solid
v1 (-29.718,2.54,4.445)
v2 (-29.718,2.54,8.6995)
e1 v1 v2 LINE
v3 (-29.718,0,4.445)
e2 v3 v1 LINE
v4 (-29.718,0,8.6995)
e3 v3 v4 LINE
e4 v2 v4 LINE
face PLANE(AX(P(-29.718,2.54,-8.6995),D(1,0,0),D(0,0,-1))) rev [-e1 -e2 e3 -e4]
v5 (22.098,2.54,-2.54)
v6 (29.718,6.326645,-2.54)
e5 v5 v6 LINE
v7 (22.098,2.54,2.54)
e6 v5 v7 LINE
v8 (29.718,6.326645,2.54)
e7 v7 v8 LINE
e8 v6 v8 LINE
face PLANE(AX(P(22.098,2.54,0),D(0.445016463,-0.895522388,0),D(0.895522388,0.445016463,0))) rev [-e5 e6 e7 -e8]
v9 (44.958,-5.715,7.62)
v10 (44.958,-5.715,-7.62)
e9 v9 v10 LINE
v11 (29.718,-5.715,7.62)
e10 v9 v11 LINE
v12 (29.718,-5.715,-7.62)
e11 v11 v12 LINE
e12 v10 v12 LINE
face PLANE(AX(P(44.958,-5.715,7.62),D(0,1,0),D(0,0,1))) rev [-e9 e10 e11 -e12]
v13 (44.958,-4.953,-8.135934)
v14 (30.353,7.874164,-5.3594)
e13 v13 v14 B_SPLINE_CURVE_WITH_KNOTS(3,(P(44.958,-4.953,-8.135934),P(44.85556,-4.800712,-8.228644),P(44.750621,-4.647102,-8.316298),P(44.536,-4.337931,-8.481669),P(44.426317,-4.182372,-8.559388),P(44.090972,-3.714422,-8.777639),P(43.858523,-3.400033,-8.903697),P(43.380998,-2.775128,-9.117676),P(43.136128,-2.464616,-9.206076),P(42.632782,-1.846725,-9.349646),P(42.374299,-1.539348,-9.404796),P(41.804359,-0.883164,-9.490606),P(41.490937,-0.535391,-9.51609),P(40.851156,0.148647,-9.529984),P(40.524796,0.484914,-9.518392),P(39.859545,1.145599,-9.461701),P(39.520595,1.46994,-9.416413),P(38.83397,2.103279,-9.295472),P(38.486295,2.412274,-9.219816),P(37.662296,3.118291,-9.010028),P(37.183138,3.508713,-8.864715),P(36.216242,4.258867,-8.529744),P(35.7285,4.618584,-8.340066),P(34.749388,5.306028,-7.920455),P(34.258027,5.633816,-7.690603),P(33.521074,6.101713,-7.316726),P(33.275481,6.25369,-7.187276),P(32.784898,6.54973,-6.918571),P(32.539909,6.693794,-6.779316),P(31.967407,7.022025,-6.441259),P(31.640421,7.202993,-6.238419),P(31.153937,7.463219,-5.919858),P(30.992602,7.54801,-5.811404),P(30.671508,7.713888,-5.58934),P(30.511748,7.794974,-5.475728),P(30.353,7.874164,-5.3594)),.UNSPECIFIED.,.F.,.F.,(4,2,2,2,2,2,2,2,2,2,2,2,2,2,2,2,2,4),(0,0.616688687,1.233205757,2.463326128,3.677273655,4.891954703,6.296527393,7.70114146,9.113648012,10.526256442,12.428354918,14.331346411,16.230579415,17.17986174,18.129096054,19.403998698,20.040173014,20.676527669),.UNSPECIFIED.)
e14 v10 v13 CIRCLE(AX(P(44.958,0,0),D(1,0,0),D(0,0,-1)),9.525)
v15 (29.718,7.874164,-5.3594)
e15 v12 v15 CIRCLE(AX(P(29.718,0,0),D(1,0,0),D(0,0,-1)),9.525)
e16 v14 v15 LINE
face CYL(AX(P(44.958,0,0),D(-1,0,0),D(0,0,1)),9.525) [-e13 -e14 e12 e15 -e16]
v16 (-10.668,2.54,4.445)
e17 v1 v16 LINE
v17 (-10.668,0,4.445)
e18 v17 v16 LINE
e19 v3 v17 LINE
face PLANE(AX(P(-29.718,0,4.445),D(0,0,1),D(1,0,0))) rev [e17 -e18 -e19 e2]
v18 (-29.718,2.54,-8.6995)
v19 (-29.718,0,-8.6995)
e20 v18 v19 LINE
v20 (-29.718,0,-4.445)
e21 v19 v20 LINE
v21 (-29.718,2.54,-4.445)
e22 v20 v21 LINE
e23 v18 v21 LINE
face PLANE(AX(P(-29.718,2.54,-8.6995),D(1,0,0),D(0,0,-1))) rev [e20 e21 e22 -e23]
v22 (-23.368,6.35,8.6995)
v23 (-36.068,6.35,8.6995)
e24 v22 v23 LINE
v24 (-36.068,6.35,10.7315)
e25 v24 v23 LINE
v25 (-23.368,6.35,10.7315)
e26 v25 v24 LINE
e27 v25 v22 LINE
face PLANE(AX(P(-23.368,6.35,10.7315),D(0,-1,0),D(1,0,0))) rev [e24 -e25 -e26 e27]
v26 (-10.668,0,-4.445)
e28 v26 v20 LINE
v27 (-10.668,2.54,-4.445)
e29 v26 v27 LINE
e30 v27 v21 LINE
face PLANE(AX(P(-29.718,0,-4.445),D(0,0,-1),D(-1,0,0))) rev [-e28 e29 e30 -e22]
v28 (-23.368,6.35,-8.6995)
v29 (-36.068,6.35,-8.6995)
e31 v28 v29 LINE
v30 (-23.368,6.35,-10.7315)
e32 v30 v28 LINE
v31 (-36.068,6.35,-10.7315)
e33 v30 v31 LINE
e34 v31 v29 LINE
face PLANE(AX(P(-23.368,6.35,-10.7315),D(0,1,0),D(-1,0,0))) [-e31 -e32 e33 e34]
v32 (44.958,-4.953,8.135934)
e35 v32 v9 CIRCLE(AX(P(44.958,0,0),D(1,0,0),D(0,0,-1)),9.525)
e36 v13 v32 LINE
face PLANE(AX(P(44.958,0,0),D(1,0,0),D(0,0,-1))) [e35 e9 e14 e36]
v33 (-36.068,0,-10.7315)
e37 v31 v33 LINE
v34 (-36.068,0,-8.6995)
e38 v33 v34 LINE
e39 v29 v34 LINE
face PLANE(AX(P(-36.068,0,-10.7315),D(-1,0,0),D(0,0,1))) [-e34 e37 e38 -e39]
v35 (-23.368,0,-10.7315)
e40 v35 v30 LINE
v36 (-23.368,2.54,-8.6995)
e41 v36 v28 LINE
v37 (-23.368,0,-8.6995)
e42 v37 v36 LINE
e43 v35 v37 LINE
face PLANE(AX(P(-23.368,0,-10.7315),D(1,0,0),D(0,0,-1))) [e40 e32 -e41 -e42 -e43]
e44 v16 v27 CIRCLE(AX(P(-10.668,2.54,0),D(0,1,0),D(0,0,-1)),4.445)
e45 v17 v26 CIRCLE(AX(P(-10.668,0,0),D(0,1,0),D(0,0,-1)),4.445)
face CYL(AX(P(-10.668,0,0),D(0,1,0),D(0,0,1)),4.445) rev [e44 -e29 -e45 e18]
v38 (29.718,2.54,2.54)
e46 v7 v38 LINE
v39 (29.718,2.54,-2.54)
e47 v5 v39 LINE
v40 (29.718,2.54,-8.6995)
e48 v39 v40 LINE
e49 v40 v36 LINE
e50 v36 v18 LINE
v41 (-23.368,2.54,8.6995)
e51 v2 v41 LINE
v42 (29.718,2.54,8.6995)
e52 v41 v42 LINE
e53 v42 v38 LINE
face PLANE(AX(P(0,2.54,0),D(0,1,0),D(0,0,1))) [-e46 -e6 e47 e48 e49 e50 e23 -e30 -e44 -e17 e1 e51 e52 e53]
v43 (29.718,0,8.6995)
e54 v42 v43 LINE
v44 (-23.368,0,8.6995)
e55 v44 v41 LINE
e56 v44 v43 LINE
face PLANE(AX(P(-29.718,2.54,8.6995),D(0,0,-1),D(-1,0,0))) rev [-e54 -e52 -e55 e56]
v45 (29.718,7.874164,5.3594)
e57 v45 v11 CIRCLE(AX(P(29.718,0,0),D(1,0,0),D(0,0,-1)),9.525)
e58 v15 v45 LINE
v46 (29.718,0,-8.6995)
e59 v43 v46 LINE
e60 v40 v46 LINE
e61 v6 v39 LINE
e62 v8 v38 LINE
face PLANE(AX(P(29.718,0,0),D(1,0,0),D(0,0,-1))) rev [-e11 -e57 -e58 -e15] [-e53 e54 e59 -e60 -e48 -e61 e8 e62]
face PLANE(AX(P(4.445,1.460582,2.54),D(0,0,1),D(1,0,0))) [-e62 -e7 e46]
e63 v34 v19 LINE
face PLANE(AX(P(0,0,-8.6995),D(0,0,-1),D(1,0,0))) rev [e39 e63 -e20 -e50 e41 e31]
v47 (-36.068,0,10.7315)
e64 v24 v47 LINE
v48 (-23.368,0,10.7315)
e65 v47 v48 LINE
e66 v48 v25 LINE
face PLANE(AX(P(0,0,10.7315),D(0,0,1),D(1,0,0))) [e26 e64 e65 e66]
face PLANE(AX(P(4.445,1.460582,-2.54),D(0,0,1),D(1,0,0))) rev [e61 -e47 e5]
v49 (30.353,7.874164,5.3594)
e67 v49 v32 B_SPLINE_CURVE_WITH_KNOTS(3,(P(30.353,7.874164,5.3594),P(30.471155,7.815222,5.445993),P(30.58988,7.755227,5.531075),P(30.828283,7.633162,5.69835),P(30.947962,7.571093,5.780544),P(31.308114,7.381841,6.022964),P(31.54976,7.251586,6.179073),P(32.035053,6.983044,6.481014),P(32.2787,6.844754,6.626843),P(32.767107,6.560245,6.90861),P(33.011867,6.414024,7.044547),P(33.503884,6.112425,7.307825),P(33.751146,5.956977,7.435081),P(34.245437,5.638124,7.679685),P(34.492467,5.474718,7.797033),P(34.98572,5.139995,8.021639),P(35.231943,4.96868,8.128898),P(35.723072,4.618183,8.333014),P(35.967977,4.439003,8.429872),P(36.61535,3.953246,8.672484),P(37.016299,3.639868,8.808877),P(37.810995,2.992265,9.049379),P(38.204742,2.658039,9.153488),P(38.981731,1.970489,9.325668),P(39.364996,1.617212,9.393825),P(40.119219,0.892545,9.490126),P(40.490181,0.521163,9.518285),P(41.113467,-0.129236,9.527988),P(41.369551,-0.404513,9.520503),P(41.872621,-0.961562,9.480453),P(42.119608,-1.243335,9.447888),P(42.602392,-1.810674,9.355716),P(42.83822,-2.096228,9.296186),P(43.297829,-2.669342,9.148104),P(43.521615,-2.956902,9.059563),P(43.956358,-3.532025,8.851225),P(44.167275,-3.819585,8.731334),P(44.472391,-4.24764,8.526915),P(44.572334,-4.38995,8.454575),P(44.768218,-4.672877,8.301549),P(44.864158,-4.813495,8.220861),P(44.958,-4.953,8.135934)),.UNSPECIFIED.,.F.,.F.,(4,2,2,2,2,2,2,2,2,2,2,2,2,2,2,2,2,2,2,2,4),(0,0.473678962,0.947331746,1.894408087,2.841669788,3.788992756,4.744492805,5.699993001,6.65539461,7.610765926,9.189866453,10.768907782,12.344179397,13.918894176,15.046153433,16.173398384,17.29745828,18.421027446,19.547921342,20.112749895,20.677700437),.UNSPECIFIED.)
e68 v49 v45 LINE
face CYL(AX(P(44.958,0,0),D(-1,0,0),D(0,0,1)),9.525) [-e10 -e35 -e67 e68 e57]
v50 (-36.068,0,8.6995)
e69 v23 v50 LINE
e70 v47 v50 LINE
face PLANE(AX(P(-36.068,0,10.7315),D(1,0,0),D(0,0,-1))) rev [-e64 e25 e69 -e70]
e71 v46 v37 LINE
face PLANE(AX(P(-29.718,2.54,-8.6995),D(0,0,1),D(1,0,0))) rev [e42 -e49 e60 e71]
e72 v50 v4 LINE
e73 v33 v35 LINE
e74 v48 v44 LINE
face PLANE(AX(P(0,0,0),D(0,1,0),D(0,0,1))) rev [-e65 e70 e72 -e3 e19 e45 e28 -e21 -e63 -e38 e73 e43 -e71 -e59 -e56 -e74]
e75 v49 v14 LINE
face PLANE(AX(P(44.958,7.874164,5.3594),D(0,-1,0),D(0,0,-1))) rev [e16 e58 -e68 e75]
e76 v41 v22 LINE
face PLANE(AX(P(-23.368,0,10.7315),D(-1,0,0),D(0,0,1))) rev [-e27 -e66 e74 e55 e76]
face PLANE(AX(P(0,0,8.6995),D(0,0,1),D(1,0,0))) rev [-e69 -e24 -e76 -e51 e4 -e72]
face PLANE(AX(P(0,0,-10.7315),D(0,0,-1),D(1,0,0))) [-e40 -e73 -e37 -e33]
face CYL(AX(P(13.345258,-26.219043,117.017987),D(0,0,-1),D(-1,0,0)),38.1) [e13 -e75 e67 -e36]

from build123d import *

# Parameters (mm, degrees)
SKETCH1_W               = 59.436
SKETCH1_H               = 17.399
BOSS_EXTRUDE1_DEPTH     = 2.54
CUT_EXTRUDE1_DEPTH      = 32.069155512
SKETCH3_W               = 12.7
SKETCH3_H               = 6.35
BOSS_EXTRUDE2_DEPTH     = 2.032
BOSS_EXTRUDE3_DEPTH     = 15.24
CUT_EXTRUDE2_DEPTH      = 47.886984472
CUT_EXTRUDE2_DEPTH_BACK = 47.886984472
RIB1_REACH              = 48.887
SKETCH6_WALL_W          = 104.28296917
SKETCH6_WALL_H          = 5.08


with BuildPart() as part:
    # Sketch1 → Boss-Extrude1 (new body)
    with BuildSketch(Plane(origin=(0, 0, 0), x_dir=(1, 0, 0), z_dir=(0, 1, 0))):
        Rectangle(SKETCH1_W, SKETCH1_H)
    extrude(amount=BOSS_EXTRUDE1_DEPTH)

    # Sketch2 → Cut-Extrude1 (cut, through all)
    with BuildSketch(Plane(origin=(0, 2.54, 0), x_dir=(1, 0, 0), z_dir=(0, 1, 0))):
        with BuildLine():
            Line((-29.718, 0), (-29.718, 4.445))
            Line((-29.718, 4.445), (-10.668, 4.445))
            ThreePointArc((-10.668, 4.445), (-6.223, 0), (-10.668, -4.445))
            Line((-10.668, -4.445), (-29.718, -4.445))
            Line((-29.718, -4.445), (-29.718, 0))
        make_face()
    extrude(amount=-CUT_EXTRUDE1_DEPTH, mode=Mode.SUBTRACT)

    # Sketch3 → Boss-Extrude2 (add)
    with BuildSketch(Plane.XY.offset(8.6995)):
        with Locations((-29.718, 3.175)):
            Rectangle(SKETCH3_W, SKETCH3_H)
    boss_extrude2 = extrude(amount=BOSS_EXTRUDE2_DEPTH)

    # Mirror1: Boss-Extrude2 across plane
    add(boss_extrude2.mirror(Plane.XY))

    # Sketch4 → Boss-Extrude3 (add)
    with BuildSketch(Plane(origin=(29.718, 0, 0), x_dir=(0, 0, -1), z_dir=(1, 0, 0))):
        with BuildLine():
            Line((-5.3594, 7.874163869), (5.3594, 7.874163869))
            ThreePointArc((5.3594, 7.874163869), (9.395879403, 1.563033987), (7.62, -5.715))
            Line((7.62, -5.715), (-7.62, -5.715))
            ThreePointArc((-7.62, -5.715), (-9.395879403, 1.563033987), (-5.3594, 7.874163869))
        make_face()
    extrude(amount=BOSS_EXTRUDE3_DEPTH)

    # Sketch5 → Cut-Extrude2 (cut, two sides)
    with BuildSketch(Plane.XY) as cut_extrude2_sk:
        with BuildLine():
            Line((-125.410978847, 85.578603758), (30.353, 7.874163869))
            ThreePointArc((30.353, 7.874163869), (38.487292522, 2.407660331), (44.958, -4.953))
            Line((44.958, -4.953), (142.117632376, -149.38430866))
            Line((142.117632376, -149.38430866), (371.853916425, 112.19326708))
            Line((371.853916425, 112.19326708), (104.325305202, 347.156179498))
            Line((104.325305202, 347.156179498), (-125.410978847, 85.578603758))
        make_face()
    extrude(amount=CUT_EXTRUDE2_DEPTH, mode=Mode.SUBTRACT)
    extrude(cut_extrude2_sk.sketch, amount=-CUT_EXTRUDE2_DEPTH_BACK, mode=Mode.SUBTRACT)

    # Sketch6 wall → Rib1 (add, up to next)
    with BuildSketch(Plane(origin=(25.908, 4.433322543, 0), x_dir=(0.895522388061, 0.445016463157, 0), z_dir=(-0.445016463157, 0.895522388061, 0)), mode=Mode.PRIVATE) as rib1_sk1:
        Rectangle(SKETCH6_WALL_W, SKETCH6_WALL_H)
    rib1_tool1 = extrude(rib1_sk1.sketch, amount=-RIB1_REACH, mode=Mode.PRIVATE) - part.part
    add(rib1_tool1.solids().sort_by_distance((25.908, 4.433322543, 0))[0])


solid = part.part
